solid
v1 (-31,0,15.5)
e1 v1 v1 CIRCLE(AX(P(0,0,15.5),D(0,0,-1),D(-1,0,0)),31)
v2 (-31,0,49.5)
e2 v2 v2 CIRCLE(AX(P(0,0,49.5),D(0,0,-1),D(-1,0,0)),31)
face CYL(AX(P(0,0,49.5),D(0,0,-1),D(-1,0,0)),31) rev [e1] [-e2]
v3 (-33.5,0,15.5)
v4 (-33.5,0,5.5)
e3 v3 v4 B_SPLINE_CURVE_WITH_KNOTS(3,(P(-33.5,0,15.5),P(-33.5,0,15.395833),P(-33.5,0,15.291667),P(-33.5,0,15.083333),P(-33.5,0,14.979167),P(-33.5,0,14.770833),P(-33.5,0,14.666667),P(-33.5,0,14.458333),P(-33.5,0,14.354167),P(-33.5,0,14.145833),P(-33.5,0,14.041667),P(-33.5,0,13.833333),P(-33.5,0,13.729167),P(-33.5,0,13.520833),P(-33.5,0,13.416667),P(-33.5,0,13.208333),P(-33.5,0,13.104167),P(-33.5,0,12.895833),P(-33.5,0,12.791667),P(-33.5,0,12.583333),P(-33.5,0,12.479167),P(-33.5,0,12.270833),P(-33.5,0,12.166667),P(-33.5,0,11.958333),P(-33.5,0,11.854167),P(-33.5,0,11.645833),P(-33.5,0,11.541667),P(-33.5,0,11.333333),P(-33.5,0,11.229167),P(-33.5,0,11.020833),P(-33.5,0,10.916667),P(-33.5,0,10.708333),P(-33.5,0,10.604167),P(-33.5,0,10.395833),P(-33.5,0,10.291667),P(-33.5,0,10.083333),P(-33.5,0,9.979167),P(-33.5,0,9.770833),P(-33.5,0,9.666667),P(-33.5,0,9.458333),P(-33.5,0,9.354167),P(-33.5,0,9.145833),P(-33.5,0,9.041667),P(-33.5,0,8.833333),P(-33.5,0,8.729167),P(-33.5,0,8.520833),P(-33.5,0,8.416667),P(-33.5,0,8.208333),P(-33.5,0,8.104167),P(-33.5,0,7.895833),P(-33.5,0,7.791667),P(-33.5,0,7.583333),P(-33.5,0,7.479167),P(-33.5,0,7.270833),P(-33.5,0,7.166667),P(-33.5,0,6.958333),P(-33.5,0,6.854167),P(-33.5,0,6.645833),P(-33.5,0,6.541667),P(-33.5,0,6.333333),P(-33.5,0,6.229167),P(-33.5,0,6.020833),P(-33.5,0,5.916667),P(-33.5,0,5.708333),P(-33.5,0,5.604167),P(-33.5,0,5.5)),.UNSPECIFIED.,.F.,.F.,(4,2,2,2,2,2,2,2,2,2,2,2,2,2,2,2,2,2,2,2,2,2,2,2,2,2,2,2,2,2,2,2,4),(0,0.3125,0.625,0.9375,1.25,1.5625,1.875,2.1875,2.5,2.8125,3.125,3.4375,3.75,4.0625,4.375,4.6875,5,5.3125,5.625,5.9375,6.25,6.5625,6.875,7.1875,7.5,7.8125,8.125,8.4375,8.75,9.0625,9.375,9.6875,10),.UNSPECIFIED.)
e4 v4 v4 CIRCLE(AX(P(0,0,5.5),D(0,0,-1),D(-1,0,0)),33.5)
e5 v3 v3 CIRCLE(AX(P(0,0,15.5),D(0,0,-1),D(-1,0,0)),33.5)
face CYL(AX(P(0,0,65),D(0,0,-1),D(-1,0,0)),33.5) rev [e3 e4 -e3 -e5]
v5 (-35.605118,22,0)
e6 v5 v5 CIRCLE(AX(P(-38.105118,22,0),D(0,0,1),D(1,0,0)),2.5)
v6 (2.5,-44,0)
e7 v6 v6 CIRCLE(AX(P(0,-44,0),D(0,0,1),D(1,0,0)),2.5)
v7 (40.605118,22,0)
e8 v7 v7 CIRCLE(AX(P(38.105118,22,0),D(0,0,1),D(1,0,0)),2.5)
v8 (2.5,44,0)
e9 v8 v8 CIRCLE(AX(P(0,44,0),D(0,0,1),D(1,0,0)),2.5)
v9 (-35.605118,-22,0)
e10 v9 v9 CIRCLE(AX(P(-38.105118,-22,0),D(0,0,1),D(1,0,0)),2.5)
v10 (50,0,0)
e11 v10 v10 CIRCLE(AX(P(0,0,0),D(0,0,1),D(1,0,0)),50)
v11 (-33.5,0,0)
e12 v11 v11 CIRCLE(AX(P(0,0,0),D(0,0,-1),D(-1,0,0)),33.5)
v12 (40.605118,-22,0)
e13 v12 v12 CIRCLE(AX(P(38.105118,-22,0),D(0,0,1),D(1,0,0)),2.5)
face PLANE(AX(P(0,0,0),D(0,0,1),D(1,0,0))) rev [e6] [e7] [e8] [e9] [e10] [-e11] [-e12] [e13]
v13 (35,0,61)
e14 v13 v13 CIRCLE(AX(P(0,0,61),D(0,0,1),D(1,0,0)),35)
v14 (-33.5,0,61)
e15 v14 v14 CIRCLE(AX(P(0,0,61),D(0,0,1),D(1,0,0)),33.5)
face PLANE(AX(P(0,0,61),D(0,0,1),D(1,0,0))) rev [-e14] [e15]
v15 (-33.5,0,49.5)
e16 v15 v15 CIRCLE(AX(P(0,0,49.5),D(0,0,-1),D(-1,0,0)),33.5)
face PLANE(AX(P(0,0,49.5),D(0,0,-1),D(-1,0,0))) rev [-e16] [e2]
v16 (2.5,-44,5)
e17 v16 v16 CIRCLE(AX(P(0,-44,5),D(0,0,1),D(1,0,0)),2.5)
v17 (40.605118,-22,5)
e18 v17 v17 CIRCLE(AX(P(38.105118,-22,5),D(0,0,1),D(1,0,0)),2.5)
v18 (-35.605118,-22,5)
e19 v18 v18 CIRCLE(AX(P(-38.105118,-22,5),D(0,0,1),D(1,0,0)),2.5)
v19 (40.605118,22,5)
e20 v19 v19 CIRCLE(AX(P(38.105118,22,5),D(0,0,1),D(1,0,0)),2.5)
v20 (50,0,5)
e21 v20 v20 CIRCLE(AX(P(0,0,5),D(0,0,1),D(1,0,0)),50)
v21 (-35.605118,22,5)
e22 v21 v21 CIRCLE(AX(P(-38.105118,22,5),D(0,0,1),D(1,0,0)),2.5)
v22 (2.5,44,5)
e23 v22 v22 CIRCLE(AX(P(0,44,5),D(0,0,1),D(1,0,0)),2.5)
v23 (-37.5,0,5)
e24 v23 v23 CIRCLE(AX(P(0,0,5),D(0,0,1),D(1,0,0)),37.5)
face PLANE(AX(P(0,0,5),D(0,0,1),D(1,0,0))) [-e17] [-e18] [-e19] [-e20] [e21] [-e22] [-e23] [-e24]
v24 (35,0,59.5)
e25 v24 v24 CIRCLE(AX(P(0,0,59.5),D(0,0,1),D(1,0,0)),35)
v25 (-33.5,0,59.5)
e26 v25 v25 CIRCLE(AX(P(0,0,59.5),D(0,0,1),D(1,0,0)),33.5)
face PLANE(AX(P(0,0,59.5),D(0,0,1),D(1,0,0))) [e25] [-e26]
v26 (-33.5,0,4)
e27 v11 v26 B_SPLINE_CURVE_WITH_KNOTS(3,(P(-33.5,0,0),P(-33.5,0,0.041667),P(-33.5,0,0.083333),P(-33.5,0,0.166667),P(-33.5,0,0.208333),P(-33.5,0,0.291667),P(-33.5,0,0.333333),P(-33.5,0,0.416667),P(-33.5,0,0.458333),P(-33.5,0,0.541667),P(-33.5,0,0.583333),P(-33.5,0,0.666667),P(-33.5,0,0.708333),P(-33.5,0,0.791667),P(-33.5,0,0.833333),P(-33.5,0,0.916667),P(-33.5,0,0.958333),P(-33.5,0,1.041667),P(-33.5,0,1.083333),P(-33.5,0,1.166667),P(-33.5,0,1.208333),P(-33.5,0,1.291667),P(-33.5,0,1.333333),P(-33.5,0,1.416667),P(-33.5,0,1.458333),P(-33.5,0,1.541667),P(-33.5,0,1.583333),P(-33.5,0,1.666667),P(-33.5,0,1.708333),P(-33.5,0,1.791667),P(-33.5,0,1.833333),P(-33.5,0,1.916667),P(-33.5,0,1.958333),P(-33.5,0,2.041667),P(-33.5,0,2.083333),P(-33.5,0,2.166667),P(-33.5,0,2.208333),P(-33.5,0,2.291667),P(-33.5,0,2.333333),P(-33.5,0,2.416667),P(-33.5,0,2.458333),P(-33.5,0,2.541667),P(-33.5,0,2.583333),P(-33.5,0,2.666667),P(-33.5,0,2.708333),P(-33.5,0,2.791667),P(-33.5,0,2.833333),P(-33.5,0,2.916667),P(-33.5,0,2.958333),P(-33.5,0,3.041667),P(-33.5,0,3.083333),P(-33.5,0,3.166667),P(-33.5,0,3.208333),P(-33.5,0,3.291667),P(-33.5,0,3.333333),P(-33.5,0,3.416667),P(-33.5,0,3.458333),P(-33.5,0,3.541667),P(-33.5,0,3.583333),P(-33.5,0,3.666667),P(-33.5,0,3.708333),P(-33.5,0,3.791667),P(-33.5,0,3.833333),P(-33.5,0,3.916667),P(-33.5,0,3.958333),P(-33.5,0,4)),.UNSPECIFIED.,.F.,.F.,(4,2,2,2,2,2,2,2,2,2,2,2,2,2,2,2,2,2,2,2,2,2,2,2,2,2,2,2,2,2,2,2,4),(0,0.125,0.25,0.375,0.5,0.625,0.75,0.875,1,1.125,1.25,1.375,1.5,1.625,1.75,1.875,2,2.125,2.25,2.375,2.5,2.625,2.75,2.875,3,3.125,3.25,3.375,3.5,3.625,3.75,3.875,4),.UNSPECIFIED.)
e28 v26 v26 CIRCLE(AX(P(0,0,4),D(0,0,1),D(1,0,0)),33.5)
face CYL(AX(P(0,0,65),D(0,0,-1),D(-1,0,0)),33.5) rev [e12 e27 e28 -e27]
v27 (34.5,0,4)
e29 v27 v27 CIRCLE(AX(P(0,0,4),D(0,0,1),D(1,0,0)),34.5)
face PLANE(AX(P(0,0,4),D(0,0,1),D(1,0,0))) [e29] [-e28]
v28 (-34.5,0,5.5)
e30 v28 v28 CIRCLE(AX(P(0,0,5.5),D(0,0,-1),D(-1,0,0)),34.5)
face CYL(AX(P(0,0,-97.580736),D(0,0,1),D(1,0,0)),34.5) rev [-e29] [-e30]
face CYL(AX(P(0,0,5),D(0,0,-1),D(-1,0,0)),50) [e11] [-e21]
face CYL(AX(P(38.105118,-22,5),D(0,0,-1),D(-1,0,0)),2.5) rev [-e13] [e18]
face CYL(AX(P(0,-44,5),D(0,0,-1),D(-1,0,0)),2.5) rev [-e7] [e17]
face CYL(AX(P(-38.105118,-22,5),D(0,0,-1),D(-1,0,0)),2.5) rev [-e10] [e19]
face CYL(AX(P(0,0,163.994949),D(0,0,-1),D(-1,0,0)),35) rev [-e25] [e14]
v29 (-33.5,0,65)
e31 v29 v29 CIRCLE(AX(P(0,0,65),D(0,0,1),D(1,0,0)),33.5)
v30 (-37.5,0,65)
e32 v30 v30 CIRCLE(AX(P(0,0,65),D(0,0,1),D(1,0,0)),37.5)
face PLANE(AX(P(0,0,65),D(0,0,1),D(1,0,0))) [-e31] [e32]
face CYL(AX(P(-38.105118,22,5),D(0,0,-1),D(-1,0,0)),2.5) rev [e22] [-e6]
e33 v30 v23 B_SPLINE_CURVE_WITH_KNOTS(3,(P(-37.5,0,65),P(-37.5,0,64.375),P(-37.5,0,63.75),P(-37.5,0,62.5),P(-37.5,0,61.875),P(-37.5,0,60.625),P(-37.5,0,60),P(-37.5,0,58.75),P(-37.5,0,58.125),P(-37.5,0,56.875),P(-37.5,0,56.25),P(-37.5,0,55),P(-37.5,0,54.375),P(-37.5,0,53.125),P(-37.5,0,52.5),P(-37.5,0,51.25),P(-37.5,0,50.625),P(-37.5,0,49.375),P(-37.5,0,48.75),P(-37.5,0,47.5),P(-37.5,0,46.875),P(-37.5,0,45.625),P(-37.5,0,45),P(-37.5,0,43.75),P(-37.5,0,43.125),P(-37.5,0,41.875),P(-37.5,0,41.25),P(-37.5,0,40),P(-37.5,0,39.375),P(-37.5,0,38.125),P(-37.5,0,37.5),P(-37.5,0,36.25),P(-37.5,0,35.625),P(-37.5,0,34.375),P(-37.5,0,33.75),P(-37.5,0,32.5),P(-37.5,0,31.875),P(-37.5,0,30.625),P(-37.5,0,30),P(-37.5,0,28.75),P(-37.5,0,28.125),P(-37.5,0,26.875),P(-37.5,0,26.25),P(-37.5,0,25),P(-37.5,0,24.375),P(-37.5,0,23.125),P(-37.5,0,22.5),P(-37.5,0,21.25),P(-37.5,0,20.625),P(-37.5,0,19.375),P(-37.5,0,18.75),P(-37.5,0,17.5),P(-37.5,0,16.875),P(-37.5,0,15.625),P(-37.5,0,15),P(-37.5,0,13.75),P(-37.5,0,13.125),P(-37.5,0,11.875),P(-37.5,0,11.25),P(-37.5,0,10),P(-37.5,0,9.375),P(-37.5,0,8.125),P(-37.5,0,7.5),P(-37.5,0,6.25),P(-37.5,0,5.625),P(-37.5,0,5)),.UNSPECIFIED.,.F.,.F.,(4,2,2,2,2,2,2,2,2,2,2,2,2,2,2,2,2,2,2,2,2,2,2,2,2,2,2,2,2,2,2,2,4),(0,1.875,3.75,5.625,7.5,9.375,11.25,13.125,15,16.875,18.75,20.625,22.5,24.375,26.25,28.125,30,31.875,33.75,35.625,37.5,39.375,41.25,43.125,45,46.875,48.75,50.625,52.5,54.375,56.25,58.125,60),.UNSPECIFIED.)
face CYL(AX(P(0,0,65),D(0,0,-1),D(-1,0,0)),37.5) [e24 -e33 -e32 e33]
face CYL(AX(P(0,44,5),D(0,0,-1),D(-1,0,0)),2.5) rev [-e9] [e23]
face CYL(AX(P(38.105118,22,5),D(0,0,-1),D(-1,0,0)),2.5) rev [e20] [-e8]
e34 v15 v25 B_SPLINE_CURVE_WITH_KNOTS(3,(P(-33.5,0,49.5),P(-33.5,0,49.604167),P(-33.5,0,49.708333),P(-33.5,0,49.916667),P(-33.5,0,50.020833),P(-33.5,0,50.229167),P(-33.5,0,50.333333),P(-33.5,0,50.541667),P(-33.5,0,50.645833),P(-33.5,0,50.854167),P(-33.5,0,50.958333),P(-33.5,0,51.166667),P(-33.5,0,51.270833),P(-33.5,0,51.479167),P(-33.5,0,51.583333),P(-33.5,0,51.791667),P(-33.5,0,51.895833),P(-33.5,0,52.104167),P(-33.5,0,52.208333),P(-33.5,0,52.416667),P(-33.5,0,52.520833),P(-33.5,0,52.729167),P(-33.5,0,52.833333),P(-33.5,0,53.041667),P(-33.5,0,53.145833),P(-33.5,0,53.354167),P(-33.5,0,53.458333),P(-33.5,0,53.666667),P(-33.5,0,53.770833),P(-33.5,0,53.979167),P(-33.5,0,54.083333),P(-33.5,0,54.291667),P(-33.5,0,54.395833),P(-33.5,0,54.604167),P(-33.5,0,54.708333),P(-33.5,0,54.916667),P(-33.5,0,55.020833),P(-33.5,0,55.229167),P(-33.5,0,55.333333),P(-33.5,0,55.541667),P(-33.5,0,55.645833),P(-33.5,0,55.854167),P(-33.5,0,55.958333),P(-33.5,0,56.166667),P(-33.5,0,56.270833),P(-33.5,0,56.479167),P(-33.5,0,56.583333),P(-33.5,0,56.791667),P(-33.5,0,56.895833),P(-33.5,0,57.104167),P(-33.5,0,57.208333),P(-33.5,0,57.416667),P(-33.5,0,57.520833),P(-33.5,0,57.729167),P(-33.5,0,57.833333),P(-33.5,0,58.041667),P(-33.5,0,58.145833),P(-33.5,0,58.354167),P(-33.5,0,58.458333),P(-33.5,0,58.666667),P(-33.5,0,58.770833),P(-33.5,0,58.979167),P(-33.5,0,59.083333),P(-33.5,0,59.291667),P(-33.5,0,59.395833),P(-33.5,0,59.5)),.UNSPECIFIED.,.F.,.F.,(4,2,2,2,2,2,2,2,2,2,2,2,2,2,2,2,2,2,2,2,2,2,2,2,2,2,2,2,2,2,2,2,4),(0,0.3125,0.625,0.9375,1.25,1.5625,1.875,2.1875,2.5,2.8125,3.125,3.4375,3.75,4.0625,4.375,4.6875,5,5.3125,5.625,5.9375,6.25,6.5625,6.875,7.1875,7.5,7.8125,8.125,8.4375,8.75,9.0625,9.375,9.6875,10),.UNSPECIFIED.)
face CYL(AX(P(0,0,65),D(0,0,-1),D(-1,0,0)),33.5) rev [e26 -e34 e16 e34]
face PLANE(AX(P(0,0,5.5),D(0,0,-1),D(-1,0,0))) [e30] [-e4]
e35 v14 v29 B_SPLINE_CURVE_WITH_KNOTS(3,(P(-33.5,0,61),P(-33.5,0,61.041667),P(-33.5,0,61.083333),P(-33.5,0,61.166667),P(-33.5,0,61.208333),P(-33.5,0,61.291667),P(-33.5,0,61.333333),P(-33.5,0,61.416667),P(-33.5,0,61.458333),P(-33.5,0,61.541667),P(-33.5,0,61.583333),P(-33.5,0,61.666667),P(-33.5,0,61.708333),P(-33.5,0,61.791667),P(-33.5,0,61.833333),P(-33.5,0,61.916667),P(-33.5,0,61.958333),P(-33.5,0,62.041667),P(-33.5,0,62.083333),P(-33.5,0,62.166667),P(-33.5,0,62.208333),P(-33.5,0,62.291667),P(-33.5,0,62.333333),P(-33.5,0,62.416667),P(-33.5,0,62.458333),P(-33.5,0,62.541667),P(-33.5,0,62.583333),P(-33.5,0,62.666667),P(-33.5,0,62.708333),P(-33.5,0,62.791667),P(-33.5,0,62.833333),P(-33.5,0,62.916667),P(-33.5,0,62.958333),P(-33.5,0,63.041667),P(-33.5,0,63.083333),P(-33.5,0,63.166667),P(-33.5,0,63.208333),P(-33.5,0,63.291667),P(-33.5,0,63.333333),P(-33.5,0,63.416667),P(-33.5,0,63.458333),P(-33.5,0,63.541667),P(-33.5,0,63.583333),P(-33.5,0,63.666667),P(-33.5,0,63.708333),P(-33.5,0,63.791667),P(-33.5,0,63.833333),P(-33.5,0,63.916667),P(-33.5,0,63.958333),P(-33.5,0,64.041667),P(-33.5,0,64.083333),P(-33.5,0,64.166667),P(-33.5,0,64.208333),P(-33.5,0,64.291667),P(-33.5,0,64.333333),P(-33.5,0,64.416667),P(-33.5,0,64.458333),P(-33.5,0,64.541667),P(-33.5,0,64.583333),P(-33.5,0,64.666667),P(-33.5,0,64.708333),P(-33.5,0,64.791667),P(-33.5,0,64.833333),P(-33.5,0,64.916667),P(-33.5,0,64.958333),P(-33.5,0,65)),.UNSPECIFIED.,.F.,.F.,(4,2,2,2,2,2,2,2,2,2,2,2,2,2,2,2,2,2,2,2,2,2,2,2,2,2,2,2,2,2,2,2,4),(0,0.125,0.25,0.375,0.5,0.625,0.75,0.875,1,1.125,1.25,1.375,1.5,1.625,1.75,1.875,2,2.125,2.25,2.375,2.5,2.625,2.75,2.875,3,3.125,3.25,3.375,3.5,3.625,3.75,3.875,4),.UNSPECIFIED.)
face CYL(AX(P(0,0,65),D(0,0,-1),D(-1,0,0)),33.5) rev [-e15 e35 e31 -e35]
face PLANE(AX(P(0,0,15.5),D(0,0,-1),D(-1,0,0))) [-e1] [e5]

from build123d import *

# Parameters (mm, degrees)
SKETCH1_R                = 50
SKETCH1_R_2              = 2.5
BOSS_EXTRUDE1_DEPTH      = 5
SKETCH2_R                = 37.5
SKETCH2_R_2              = 33.5
BOSS_EXTRUDE2_DEPTH      = 60
SKETCH3_R                = 33.5
CUT_EXTRUDE1_DEPTH       = 50
BOSS_EXTRUDE4_DEPTH      = 17
BOSS_EXTRUDE4_DEPTH_BACK = 17
SKETCH5_R                = 35
SKETCH5_R_2              = 31
CUT_EXTRUDE2_START       = 10
SKETCH6_R                = 34.5
CUT_EXTRUDE2_DEPTH       = 1.5
CUT_EXTRUDE3_START       = 10
SKETCH7_R                = 35
CUT_EXTRUDE3_DEPTH       = 1.5


with BuildPart() as part:
    # Sketch1 → Boss-Extrude1 (new body)
    with BuildSketch(Plane.XY):
        Circle(SKETCH1_R)
        with Locations((0, 44)):
            Circle(SKETCH1_R_2, mode=Mode.SUBTRACT)
        with Locations((38.105117767, 22)):
            Circle(SKETCH1_R_2, mode=Mode.SUBTRACT)
        with Locations((38.105117767, -22)):
            Circle(SKETCH1_R_2, mode=Mode.SUBTRACT)
        with Locations((0, -44)):
            Circle(SKETCH1_R_2, mode=Mode.SUBTRACT)
        with Locations((-38.105117767, -22)):
            Circle(SKETCH1_R_2, mode=Mode.SUBTRACT)
        with Locations((-38.105117767, 22)):
            Circle(SKETCH1_R_2, mode=Mode.SUBTRACT)
    extrude(amount=BOSS_EXTRUDE1_DEPTH)

    # Sketch2 → Boss-Extrude2 (add)
    with BuildSketch(Plane.XY.offset(5)):
        with Locations(Location((0, 0, 0), (0, 0, 180))):
            Circle(SKETCH2_R)
        with Locations(Location((0, 0, 0), (0, 0, 180))):
            Circle(SKETCH2_R_2, mode=Mode.SUBTRACT)
    extrude(amount=BOSS_EXTRUDE2_DEPTH)

    # Sketch3 → Cut-Extrude1 (cut)
    with BuildSketch(Plane(origin=(0, 0, 0), x_dir=(-1, 0, 0), z_dir=(0, 0, -1))):
        Circle(SKETCH3_R)
    extrude(amount=-CUT_EXTRUDE1_DEPTH, mode=Mode.SUBTRACT)

    # Sketch5 → Boss-Extrude4 (add, two sides: drawn at the far end of the back side and taken through both)
    with BuildSketch(Plane(origin=(0, 0, 32.5), x_dir=(-1, 0, 0), z_dir=(0, 0, -1)).offset(-BOSS_EXTRUDE4_DEPTH_BACK)):
        Circle(SKETCH5_R)
        Circle(SKETCH5_R_2, mode=Mode.SUBTRACT)
    extrude(amount=BOSS_EXTRUDE4_DEPTH + BOSS_EXTRUDE4_DEPTH_BACK)

    # Sketch6 → Cut-Extrude2 (cut)
    with BuildSketch(Plane(origin=(0, 0, 15.5), x_dir=(-1, 0, 0), z_dir=(0, 0, -1)).offset(CUT_EXTRUDE2_START)):
        with Locations(Location((0, 0, 0), (0, 0, 180))):
            Circle(SKETCH6_R)
    extrude(amount=CUT_EXTRUDE2_DEPTH, mode=Mode.SUBTRACT)

    # Sketch7 → Cut-Extrude3 (cut)
    with BuildSketch(Plane.XY.offset(49.5).offset(CUT_EXTRUDE3_START)):
        Circle(SKETCH7_R)
    extrude(amount=CUT_EXTRUDE3_DEPTH, mode=Mode.SUBTRACT)


solid = part.part
